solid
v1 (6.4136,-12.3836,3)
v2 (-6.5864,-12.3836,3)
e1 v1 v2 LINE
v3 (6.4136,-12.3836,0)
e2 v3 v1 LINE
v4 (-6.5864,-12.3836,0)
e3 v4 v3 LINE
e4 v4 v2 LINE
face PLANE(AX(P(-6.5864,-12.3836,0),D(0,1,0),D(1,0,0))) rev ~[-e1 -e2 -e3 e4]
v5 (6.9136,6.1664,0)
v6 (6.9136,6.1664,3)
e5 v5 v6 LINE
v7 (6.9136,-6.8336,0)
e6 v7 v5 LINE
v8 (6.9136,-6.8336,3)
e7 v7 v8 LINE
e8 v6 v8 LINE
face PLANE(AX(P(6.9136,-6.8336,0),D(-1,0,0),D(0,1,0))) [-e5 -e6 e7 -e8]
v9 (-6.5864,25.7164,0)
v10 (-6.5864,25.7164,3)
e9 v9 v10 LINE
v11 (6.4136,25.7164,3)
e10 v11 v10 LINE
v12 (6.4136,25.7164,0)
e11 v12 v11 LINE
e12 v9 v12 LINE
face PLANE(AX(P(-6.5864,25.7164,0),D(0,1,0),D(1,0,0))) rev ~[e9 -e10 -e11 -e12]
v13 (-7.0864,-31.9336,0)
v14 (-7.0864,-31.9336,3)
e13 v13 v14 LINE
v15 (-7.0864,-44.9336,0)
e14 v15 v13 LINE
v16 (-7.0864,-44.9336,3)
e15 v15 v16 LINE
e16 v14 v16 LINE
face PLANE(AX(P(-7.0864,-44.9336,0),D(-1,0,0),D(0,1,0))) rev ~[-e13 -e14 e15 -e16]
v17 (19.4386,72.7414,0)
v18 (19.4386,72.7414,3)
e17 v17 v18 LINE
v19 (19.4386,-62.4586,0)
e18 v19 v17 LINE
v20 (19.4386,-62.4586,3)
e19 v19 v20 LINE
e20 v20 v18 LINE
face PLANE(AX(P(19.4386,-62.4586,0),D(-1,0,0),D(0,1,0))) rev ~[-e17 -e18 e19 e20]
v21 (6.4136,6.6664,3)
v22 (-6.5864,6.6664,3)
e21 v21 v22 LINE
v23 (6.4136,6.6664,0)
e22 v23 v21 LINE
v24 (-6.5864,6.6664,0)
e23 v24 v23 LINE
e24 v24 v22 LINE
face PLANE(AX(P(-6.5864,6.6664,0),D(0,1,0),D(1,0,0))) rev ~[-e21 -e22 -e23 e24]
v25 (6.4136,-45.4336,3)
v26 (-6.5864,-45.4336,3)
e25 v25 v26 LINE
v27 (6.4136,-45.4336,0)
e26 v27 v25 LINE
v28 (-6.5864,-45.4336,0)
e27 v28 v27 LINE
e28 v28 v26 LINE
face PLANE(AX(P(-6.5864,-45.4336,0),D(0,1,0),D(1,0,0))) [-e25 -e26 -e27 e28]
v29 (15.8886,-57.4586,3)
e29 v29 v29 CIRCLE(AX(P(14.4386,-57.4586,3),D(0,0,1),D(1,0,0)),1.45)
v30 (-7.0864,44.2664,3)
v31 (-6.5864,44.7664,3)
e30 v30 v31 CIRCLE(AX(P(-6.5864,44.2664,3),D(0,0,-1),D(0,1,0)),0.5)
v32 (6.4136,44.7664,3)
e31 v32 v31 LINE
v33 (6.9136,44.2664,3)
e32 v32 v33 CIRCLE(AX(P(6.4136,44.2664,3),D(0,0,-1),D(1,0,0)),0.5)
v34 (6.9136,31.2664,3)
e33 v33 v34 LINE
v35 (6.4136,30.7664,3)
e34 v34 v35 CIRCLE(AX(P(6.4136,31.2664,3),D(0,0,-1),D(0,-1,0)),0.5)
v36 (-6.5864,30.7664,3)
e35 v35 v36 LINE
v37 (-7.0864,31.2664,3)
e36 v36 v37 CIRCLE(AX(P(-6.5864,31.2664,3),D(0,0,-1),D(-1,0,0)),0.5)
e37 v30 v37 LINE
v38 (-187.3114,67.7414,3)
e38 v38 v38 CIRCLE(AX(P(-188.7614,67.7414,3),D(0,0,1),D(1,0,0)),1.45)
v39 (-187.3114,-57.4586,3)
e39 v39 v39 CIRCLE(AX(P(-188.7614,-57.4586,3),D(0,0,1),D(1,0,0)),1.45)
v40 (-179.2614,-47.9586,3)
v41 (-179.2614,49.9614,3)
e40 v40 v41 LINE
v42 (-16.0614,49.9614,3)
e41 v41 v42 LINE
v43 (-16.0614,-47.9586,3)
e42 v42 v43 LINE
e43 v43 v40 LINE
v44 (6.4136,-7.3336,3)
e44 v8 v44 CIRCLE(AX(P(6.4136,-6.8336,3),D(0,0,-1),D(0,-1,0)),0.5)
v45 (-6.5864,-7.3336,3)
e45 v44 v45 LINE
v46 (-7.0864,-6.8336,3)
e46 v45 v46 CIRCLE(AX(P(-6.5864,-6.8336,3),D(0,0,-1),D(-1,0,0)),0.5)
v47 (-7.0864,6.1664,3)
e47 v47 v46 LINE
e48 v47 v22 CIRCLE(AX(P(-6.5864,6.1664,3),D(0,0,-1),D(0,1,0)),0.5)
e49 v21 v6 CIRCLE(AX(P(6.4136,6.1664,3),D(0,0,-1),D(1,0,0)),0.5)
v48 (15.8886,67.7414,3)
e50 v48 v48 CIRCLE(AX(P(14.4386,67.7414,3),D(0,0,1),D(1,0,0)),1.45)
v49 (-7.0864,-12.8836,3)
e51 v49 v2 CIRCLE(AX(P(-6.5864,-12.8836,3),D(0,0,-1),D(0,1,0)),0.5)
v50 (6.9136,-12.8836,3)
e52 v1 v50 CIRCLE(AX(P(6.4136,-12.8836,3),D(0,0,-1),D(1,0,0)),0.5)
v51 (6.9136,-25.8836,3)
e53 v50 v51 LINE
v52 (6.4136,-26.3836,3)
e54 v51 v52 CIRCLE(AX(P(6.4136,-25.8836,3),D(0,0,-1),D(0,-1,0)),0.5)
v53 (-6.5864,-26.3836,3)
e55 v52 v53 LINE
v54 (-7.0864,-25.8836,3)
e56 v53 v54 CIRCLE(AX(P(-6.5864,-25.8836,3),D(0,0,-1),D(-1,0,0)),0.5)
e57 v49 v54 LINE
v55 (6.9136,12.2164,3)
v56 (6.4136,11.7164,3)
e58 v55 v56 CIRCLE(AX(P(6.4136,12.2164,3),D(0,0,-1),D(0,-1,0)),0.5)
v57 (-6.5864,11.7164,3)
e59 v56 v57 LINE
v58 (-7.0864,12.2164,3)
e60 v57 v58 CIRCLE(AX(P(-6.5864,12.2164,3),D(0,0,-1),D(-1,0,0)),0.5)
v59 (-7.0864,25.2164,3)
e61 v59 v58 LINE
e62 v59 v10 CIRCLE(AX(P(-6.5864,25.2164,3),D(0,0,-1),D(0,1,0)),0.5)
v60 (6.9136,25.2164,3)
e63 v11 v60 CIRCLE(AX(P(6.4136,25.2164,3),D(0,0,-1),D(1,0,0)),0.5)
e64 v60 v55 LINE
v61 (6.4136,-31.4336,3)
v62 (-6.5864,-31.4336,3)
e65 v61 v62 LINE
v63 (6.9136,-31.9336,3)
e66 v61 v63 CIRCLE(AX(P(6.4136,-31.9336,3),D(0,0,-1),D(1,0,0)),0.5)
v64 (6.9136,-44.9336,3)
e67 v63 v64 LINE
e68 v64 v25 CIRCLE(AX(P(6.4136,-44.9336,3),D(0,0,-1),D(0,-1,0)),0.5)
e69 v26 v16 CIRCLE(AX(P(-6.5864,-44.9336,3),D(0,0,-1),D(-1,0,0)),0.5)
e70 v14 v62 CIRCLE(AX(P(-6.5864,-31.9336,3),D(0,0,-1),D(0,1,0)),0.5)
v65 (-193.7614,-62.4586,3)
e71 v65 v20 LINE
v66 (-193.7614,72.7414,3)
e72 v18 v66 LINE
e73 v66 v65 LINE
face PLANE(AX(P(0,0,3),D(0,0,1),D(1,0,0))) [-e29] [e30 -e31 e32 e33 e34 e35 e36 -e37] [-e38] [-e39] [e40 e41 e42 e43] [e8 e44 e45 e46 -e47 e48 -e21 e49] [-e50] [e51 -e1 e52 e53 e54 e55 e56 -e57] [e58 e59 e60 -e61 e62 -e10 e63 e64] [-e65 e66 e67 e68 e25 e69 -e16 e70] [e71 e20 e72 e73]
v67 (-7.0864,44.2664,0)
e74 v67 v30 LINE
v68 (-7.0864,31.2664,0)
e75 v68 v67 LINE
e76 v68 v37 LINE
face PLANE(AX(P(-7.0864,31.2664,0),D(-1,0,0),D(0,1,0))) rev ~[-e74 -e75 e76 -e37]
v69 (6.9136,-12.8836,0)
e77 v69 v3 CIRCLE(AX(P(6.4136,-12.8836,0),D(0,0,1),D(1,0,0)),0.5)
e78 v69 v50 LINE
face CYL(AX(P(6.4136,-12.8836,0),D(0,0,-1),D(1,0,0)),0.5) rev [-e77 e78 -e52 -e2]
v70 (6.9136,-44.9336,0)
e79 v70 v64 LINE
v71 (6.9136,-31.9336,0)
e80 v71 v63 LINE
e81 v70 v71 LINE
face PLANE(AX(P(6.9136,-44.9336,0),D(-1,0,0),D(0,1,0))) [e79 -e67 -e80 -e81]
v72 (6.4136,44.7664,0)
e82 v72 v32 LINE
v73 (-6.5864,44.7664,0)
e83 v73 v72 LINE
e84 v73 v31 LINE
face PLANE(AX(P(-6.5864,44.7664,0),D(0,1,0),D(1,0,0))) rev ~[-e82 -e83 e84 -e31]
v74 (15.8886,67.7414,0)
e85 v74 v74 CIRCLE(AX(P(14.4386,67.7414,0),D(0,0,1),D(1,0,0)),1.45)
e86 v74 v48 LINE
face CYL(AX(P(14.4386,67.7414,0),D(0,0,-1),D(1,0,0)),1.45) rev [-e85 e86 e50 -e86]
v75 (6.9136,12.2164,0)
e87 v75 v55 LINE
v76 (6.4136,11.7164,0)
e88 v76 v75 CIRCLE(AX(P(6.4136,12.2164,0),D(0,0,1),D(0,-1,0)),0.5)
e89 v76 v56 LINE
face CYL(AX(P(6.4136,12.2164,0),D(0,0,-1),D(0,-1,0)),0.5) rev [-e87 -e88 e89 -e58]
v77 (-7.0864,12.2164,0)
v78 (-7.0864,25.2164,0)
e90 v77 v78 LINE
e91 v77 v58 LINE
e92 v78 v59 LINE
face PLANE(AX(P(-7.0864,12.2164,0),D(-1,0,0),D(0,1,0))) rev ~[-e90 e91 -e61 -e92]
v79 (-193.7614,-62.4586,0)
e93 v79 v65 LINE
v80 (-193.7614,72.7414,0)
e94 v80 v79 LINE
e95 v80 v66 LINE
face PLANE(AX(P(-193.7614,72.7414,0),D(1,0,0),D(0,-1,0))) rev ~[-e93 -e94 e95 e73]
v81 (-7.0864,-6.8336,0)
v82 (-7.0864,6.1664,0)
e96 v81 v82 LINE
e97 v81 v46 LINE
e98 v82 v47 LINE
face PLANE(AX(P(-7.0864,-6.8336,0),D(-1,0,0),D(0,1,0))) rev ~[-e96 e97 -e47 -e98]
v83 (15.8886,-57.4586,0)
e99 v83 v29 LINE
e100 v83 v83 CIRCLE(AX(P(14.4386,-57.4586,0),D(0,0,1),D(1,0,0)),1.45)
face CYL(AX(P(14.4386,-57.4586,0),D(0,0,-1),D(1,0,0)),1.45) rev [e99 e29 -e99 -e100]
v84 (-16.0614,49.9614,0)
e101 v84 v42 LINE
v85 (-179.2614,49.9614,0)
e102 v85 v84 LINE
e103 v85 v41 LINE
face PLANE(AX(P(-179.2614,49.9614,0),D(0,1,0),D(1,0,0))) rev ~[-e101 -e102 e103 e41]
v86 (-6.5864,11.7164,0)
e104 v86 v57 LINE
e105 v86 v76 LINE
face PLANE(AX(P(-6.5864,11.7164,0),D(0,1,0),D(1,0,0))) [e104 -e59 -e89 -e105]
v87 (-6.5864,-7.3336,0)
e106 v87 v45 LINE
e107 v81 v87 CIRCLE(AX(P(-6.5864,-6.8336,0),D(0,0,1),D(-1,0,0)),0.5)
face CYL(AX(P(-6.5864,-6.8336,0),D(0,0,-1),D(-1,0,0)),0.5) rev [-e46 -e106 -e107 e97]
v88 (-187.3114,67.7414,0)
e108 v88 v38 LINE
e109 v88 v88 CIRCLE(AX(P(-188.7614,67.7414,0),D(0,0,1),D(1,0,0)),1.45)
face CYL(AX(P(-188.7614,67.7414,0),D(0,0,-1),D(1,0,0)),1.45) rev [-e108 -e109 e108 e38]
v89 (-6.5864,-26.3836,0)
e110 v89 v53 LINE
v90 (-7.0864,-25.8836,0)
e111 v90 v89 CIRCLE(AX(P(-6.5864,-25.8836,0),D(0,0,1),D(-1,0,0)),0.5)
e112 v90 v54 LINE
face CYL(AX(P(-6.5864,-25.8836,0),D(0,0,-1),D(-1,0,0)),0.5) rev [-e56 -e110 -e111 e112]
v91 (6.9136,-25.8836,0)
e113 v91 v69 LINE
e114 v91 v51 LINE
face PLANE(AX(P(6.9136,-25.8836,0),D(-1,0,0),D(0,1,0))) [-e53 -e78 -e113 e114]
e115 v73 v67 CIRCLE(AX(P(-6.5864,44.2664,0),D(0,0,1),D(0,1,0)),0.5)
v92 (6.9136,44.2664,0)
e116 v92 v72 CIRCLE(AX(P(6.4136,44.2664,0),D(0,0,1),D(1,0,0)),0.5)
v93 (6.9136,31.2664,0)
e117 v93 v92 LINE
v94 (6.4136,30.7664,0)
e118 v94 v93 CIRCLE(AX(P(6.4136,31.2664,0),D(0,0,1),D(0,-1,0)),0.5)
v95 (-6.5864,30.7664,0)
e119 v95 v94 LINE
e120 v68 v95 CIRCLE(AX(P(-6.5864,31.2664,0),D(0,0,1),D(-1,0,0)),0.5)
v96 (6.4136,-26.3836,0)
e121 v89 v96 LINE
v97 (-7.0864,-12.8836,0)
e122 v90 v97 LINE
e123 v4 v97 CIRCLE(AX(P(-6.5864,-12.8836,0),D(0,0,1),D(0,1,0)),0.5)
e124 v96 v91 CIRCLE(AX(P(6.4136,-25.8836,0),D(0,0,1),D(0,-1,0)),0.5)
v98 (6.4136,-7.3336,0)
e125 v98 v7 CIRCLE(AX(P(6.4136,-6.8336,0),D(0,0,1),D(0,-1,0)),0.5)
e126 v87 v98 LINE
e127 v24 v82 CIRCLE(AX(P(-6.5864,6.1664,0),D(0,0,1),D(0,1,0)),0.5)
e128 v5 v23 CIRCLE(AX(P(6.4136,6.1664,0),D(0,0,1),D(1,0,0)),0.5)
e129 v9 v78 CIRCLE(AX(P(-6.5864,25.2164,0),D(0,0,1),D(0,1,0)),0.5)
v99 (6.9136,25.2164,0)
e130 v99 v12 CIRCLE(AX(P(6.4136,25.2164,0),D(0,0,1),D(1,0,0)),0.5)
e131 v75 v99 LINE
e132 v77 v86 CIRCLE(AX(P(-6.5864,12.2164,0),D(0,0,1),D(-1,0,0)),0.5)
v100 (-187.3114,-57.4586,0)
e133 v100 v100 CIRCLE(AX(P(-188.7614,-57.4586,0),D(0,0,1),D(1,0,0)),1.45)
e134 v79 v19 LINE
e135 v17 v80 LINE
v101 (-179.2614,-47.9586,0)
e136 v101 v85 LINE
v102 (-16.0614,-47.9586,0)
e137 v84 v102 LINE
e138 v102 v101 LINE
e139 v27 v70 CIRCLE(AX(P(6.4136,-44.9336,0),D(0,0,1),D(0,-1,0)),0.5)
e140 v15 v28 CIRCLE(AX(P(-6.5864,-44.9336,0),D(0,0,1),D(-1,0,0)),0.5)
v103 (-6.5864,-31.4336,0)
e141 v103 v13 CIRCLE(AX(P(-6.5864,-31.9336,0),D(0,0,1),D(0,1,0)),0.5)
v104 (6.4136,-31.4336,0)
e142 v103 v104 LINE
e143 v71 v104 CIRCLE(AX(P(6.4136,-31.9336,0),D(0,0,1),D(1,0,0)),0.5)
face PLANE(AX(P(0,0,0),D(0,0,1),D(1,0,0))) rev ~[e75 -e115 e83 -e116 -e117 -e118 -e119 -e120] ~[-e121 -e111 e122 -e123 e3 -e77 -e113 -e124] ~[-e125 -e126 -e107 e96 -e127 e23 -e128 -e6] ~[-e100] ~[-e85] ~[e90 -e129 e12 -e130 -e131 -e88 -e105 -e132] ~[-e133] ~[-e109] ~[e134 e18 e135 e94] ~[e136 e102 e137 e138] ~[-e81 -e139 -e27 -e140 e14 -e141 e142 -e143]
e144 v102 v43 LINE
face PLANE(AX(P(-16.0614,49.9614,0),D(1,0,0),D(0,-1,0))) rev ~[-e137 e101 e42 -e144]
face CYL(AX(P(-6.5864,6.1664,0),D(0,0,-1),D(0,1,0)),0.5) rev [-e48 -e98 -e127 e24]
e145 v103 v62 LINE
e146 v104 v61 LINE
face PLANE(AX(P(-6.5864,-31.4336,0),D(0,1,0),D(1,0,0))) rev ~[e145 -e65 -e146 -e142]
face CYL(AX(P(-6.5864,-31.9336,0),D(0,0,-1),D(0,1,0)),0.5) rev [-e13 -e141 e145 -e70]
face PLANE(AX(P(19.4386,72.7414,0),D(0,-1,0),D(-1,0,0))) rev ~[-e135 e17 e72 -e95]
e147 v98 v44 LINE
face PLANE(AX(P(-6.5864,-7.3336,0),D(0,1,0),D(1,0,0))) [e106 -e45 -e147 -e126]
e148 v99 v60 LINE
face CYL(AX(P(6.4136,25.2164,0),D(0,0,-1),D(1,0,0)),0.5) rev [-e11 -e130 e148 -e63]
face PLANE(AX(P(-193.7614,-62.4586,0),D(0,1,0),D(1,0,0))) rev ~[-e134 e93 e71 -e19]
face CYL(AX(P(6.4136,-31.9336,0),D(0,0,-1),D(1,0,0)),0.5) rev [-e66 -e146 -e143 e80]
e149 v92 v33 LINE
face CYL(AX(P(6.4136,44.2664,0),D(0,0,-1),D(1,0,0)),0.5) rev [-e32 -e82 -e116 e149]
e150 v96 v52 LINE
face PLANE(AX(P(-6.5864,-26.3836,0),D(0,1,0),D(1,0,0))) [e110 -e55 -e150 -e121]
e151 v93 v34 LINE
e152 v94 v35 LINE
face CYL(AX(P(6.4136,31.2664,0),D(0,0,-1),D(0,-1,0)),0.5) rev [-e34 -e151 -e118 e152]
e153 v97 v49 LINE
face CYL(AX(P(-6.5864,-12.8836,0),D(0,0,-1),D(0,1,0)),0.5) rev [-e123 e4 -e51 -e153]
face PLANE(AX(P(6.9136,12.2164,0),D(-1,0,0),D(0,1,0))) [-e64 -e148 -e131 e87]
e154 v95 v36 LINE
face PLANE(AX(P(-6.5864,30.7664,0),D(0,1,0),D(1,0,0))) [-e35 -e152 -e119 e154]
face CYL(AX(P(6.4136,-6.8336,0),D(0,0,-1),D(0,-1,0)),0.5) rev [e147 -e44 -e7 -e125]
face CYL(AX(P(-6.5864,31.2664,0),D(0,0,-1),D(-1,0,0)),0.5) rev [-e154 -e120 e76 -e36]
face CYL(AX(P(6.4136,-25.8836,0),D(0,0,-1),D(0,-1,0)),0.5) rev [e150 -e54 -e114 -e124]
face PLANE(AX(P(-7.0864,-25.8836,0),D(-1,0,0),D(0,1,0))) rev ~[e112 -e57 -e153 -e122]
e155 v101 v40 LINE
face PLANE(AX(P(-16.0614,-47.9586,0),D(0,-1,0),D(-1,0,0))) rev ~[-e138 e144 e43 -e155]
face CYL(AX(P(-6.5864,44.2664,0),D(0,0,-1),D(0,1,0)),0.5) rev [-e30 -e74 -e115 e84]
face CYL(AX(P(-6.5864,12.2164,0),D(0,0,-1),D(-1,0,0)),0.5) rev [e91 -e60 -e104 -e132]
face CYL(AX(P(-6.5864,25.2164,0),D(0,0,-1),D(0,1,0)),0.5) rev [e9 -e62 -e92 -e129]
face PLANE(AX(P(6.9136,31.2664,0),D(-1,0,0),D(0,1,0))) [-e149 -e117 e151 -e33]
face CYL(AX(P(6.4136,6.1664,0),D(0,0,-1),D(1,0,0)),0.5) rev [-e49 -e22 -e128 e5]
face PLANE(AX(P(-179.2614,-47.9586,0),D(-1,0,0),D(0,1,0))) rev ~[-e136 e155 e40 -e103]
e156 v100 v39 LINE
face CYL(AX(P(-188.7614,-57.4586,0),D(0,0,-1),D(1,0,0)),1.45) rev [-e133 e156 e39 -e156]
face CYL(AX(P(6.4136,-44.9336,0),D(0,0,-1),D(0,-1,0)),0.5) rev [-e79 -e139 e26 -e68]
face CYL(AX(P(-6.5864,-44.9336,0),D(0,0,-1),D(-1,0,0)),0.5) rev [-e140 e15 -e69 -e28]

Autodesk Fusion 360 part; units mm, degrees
sketch "plate-2026-03-03T15_18_35.082Z" plane through (0, 0, 0) normal (0, 0, 1) x (1, 0, 0)
  line L0 (-7.0864, -44.9336) -> (-7.0864, -31.9336)
  line L1 (6.9136, -44.9336) -> (6.9136, -31.9336)
  line L2 (-6.5864, -45.4336) -> (6.4136, -45.4336)
  line L3 (-6.5864, -31.4336) -> (6.4136, -31.4336)
  arc A0 (-7.0864, -44.9336) -> (-6.5864, -45.4336) centre (-6.5864, -44.9336) ccw
  arc A1 (-6.5864, -31.4336) -> (-7.0864, -31.9336) centre (-6.5864, -31.9336) ccw
  arc A2 (6.4136, -45.4336) -> (6.9136, -44.9336) centre (6.4136, -44.9336) ccw
  arc A3 (6.9136, -31.9336) -> (6.4136, -31.4336) centre (6.4136, -31.9336) ccw
  line L4 (-7.0864, -25.8836) -> (-7.0864, -12.8836)
  line L5 (6.9136, -25.8836) -> (6.9136, -12.8836)
  line L6 (-6.5864, -26.3836) -> (6.4136, -26.3836)
  line L7 (-6.5864, -12.3836) -> (6.4136, -12.3836)
  arc A4 (-7.0864, -25.8836) -> (-6.5864, -26.3836) centre (-6.5864, -25.8836) ccw
  arc A5 (-6.5864, -12.3836) -> (-7.0864, -12.8836) centre (-6.5864, -12.8836) ccw
  arc A6 (6.4136, -26.3836) -> (6.9136, -25.8836) centre (6.4136, -25.8836) ccw
  arc A7 (6.9136, -12.8836) -> (6.4136, -12.3836) centre (6.4136, -12.8836) ccw
  line L8 (-7.0864, -6.8336) -> (-7.0864, 6.1664)
  line L9 (6.9136, -6.8336) -> (6.9136, 6.1664)
  line L10 (-6.5864, -7.3336) -> (6.4136, -7.3336)
  line L11 (-6.5864, 6.6664) -> (6.4136, 6.6664)
  arc A8 (-7.0864, -6.8336) -> (-6.5864, -7.3336) centre (-6.5864, -6.8336) ccw
  arc A9 (-6.5864, 6.6664) -> (-7.0864, 6.1664) centre (-6.5864, 6.1664) ccw
  arc A10 (6.4136, -7.3336) -> (6.9136, -6.8336) centre (6.4136, -6.8336) ccw
  arc A11 (6.9136, 6.1664) -> (6.4136, 6.6664) centre (6.4136, 6.1664) ccw
  line L12 (-7.0864, 12.2164) -> (-7.0864, 25.2164)
  line L13 (6.9136, 12.2164) -> (6.9136, 25.2164)
  line L14 (-6.5864, 11.7164) -> (6.4136, 11.7164)
  line L15 (-6.5864, 25.7164) -> (6.4136, 25.7164)
  arc A12 (-7.0864, 12.2164) -> (-6.5864, 11.7164) centre (-6.5864, 12.2164) ccw
  arc A13 (-6.5864, 25.7164) -> (-7.0864, 25.2164) centre (-6.5864, 25.2164) ccw
  arc A14 (6.4136, 11.7164) -> (6.9136, 12.2164) centre (6.4136, 12.2164) ccw
  arc A15 (6.9136, 25.2164) -> (6.4136, 25.7164) centre (6.4136, 25.2164) ccw
  line L16 (-7.0864, 31.2664) -> (-7.0864, 44.2664)
  line L17 (6.9136, 31.2664) -> (6.9136, 44.2664)
  line L18 (-6.5864, 30.7664) -> (6.4136, 30.7664)
  line L19 (-6.5864, 44.7664) -> (6.4136, 44.7664)
  arc A16 (-7.0864, 31.2664) -> (-6.5864, 30.7664) centre (-6.5864, 31.2664) ccw
  arc A17 (-6.5864, 44.7664) -> (-7.0864, 44.2664) centre (-6.5864, 44.2664) ccw
  arc A18 (6.4136, 30.7664) -> (6.9136, 31.2664) centre (6.4136, 31.2664) ccw
  arc A19 (6.9136, 44.2664) -> (6.4136, 44.7664) centre (6.4136, 44.2664) ccw
  line L20 (9.4386, -47.9586) -> (9.4386, 47.2914)
  line L21 (-9.6114, -47.9586) -> (-9.6114, 47.2914)
  line L22 (9.4386, -47.9586) -> (-9.6114, -47.9586)
  line L23 (9.4386, 47.2914) -> (-9.6114, 47.2914)
sketch "Sketch2" plane through (0, 0, 0) normal (0, 0, 1) x (1, 0, 0)
  line L0 (19.4386, 72.7414) -> (-193.7614, 72.7414)
  line L1 (-193.7614, 72.7414) -> (-193.7614, -62.4586)
  line L2 (-193.7614, -62.4586) -> (19.4386, -62.4586)
  line L3 (19.4386, -62.4586) -> (19.4386, 72.7414)
  line L4 (9.4386, -47.9586) -> (9.4386, 47.2914)
  line L5 (9.4386, -47.9586) -> (-9.6114, -47.9586)
  circle A0 centre (14.4386, 67.7414) radius 1.45
  circle A1 centre (-188.7614, 67.7414) radius 1.45
  circle A2 centre (-188.7614, -57.4586) radius 1.45
  circle A3 centre (14.4386, -57.4586) radius 1.45
  line L6 (-179.2614, 49.9614) -> (-16.0614, 49.9614)
  line L7 (-16.0614, 49.9614) -> (-16.0614, -47.9586)
  line L8 (-16.0614, -47.9586) -> (-179.2614, -47.9586)
  line L9 (-179.2614, -47.9586) -> (-179.2614, 49.9614)
  dimension "d1" = 213.2
  dimension "d2" = 135.2
  dimension "d3" = 10
  dimension "d5" = 2.9
  dimension "d6" = 2.9
  dimension "d7" = 2.9
  dimension "d8" = 2.9
  dimension "d9" = 5
  dimension "d10" = 5
  dimension "d11" = 5
  dimension "d12" = 5
  dimension "d13" = 5
  dimension "d14" = 5
  dimension "d15" = 5
  dimension "d16" = 5
  dimension "d17" = 163.2
  dimension "d18" = 97.92
  dimension "d20" = 14.5
  dimension "d22" = 14.5
  dimension "d23" = 14.5
extrude "Extrude1" add sketch "Sketch2" along normal blind 3
extrude "Extrude2" cut sketch "plate-2026-03-03T15_18_35.082Z" along normal blind 15 contours L0 L1 L2 L3 A0 A1 A2 A3 | L4 L5 L6 L7 A4 A5 A6 A7 | L8 L9 L10 L11 A8 A9 A10 A11 | L12 L13 L14 L15 A12 A13 A14 A15 | L16 L17 L18 L19 A16 A17 A18 A19
equation "d1 = 193.2 mm + 20 mm"
equation "d2 = 115.2 mm + 20 mm"
